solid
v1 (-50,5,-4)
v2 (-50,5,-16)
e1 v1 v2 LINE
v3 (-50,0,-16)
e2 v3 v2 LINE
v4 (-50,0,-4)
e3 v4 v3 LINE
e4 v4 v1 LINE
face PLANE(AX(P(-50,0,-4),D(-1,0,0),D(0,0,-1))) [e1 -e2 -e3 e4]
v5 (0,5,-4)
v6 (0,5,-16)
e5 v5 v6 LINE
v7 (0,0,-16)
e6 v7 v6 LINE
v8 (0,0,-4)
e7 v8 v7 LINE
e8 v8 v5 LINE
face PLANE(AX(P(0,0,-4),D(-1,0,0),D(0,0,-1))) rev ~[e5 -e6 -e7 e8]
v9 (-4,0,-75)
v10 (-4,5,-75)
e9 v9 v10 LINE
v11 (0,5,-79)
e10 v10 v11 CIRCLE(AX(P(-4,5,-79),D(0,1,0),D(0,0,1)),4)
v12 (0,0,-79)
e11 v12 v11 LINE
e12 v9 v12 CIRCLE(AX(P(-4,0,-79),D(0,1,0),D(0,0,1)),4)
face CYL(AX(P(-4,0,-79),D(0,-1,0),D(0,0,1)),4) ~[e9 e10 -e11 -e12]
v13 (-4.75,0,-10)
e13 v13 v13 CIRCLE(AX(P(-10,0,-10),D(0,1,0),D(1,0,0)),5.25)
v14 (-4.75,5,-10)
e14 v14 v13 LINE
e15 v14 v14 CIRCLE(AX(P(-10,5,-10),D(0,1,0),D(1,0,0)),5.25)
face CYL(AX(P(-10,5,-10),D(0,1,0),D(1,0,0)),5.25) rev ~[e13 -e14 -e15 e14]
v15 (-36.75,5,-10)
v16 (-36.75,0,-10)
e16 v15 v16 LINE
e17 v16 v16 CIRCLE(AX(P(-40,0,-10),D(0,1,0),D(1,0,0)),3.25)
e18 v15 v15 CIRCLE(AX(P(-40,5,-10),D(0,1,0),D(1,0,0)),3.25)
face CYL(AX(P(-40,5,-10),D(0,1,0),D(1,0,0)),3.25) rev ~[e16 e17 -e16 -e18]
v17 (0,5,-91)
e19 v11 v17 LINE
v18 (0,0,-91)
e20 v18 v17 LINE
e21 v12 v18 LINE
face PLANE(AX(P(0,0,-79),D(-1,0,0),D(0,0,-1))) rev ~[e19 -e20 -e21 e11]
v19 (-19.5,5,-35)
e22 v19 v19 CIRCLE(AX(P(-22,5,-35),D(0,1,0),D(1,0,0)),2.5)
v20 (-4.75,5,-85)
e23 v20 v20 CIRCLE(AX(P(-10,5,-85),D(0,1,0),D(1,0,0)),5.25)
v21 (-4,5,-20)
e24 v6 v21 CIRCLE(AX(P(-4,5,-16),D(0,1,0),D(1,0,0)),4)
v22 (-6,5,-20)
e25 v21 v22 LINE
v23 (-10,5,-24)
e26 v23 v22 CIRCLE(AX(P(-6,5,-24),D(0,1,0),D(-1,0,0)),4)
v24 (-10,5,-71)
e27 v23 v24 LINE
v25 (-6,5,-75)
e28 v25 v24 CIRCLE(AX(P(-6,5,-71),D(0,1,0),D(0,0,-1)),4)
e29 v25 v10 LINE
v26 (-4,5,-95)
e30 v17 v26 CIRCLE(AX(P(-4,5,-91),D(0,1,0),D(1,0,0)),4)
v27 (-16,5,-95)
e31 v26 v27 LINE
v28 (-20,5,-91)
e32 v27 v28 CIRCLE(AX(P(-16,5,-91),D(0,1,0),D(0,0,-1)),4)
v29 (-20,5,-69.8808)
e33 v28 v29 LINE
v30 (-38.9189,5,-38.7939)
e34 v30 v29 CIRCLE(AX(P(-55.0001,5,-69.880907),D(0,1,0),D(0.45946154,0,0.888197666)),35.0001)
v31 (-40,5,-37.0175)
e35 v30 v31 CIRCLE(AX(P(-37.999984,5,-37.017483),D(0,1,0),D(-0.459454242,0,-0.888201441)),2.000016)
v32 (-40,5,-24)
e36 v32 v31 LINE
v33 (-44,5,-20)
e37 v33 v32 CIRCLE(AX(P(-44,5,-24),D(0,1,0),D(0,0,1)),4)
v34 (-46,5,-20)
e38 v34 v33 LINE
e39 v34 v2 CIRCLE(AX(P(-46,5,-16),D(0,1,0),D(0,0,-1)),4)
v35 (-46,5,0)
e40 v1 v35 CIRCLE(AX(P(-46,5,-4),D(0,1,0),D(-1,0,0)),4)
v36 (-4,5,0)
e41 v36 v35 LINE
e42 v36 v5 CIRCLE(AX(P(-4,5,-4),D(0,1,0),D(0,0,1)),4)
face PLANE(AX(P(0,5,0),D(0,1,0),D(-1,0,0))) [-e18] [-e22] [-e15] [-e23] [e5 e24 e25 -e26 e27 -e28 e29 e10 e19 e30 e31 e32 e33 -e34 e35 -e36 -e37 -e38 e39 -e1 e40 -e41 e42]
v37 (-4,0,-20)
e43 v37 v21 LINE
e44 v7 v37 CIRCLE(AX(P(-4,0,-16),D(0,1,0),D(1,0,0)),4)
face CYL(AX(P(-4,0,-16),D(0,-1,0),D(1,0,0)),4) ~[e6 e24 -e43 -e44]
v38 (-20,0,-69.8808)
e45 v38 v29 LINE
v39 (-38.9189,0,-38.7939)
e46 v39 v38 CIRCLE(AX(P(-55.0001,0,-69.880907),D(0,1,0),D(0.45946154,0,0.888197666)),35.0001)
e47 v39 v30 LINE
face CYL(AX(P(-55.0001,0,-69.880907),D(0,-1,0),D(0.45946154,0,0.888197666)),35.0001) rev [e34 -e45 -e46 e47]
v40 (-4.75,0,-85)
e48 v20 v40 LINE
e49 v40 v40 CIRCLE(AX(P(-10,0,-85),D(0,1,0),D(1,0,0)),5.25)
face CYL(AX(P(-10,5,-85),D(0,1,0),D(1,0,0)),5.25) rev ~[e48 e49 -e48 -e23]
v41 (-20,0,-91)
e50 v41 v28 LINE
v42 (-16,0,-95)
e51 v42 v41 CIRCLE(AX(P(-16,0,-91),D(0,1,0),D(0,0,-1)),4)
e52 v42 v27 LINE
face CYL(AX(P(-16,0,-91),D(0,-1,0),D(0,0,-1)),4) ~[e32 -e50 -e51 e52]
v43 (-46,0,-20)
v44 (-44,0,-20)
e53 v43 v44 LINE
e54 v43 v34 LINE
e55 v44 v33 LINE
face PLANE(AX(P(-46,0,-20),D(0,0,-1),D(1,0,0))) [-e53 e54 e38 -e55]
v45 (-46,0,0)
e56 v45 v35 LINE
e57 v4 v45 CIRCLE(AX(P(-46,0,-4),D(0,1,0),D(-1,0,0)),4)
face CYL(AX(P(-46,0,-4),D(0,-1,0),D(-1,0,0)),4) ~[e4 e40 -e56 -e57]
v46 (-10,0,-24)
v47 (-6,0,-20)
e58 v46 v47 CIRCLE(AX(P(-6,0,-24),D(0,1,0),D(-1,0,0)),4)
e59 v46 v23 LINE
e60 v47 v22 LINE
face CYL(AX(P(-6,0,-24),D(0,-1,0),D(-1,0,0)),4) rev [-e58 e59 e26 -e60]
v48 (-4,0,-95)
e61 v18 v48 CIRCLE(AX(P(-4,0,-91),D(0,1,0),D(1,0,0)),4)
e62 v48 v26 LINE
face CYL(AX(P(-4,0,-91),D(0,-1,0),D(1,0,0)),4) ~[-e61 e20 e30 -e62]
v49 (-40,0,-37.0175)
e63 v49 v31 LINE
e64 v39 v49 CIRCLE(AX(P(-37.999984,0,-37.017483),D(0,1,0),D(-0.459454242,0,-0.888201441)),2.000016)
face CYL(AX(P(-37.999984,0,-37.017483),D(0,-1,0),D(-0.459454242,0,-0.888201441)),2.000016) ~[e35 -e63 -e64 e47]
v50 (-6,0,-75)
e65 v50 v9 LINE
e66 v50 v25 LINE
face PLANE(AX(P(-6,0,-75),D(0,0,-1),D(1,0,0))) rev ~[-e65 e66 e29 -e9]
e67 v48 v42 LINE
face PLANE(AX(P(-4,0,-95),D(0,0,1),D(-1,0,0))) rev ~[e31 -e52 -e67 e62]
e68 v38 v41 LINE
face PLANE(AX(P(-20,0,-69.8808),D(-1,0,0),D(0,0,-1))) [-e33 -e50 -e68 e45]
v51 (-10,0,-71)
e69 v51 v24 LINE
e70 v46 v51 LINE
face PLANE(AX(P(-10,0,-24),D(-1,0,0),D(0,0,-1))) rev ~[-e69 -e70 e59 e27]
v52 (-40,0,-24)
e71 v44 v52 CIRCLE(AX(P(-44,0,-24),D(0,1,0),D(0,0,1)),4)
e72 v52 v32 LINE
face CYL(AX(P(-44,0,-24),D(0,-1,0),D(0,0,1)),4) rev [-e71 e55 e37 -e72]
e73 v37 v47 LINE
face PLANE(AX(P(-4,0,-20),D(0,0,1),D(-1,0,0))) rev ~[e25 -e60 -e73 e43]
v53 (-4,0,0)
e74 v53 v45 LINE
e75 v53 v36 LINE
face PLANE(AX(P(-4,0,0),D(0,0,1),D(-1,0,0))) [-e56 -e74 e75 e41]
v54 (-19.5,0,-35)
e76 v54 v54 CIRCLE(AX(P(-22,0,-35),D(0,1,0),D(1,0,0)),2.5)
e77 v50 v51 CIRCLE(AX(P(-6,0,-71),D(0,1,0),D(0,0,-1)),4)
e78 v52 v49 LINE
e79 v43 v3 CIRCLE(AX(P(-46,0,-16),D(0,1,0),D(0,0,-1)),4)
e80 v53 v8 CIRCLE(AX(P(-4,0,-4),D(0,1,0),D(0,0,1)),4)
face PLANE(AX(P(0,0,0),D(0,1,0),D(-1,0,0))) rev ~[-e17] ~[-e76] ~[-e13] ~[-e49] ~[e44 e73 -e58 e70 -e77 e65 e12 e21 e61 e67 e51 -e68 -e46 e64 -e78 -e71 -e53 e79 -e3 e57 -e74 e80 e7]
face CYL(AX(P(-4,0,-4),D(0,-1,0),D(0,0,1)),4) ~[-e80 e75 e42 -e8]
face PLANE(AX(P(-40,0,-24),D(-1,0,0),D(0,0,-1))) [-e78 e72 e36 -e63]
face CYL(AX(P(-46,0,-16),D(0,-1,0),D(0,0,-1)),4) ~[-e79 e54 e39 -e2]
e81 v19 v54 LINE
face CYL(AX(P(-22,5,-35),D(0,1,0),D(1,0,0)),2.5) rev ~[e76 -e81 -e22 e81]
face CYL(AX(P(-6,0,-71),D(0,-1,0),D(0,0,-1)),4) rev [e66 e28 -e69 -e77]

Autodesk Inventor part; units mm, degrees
ref_plane "YZ Plane" through (0, 0, 0) normal (1, 0, 0) x (0, 1, 0)
ref_plane "XZ Plane" through (0, 0, 0) normal (0, 1, 0) x (-1, 0, 0)
ref_plane "XY Plane" through (0, 0, 0) normal (0, 0, 1) x (1, 0, 0)
sketch "Sketch1" plane through (0, 0, 0) normal (0, 1, 0) x (-1, 0, 0)
  line L0 (4, 0) -> (46, 0)
  line L1 (50, -4) -> (50, -16)
  line L2 (46, -20) -> (44, -20)
  line L3 (40, -24) -> (40, -37.0175)
  line L4 (4, -95) -> (16, -95)
  line L5 (20, -91) -> (20, -75)
  arc A0 (50, -4) -> (46, 0) centre (46, -4) ccw
  arc A1 (46, -20) -> (50, -16) centre (46, -16) ccw
  arc A2 (16, -95) -> (20, -91) centre (16, -91) ccw
  arc A3 (0, -91) -> (4, -95) centre (4, -91) ccw
  arc A4 (4, 0) -> (0, -4) centre (4, -4) ccw
  arc A5 (44, -20) -> (40, -24) centre (44, -24) ccw
  line L6 (4, -20) -> (6, -20)
  line L7 (10, -24) -> (10, -71)
  line L8 (6, -75) -> (4, -75)
  line L9 (0, -4) -> (0, -16)
  line L10 (0, -79) -> (0, -91)
  arc A6 (0, -16) -> (4, -20) centre (4, -16) ccw
  arc A7 (10, -24) -> (6, -20) centre (6, -24) ccw
  arc A8 (6, -75) -> (10, -71) centre (6, -71) ccw
  arc A9 (4, -75) -> (0, -79) centre (4, -79) ccw
  line L11 (20, -69.8808) -> (20, -75)
  arc A10 (38.9189, -38.7939) -> (20, -69.8808) centre (55, -69.8808) ccw
  arc A11 (38.9189, -38.7939) -> (40, -37.0175) centre (38, -37.0175) ccw
  point P0 (0, 0)
  point P1 (0, -95)
  point P2 (50, 0)
  point P3 (50, -20)
  point P4 (40, -20)
  point P5 (20, -95)
  point P6 (40, -38.258)
  point P7 (0, -20)
  point P8 (10, -20)
  point P9 (10, -75)
  point P10 (0, -75)
  dimension "d0" = 95
  dimension "d1" = 50
  dimension "d2" = 20
  dimension "d3" = 10
  dimension "d5" = 20
  dimension "d6" = 20
  dimension "d8" = 4
  dimension "d10" = 10
  dimension "d11" = 55
  dimension "d12" = 10
  dimension "d13" = 4
  dimension "d30" = 35
  dimension "d31" = 2
extrude "Extrusion1" add sketch "Sketch1" along normal blind 5
sketch "Sketch2" plane through (0, 5, 0) normal (0, 1, 0) x (1, 0, 0)
  circle A0 centre (-40, 10) radius 3.25
  line L0 (-50, 16) -> (-50, 4) projected
  line L1 (-46, 0) -> (-4, 0) projected
  circle A1 centre (-22, 35) radius 2.5
  line L2 (-10, 24) -> (-10, 71) projected
  circle A2 centre (-10, 10) radius 5.25
  line L3 (0, 4) -> (0, 16) projected
  circle A3 centre (-10, 85) radius 5.25
  line L4 (-4, 95) -> (-16, 95) projected
  line L5 (0, 79) -> (0, 91) projected
  point P0 (0, 0)
  dimension "d16" = 6.5
  dimension "d17" = 10
  dimension "d18" = 10
  dimension "d19" = 5
  dimension "d20" = 35
  dimension "d21" = 12
  dimension "d22" = 10.5
  dimension "d23" = 10
  dimension "d24" = 10
  dimension "d25" = 10.5
  dimension "d26" = 10
  dimension "d27" = 10
extrude "Extrusion2" cut sketch "Sketch2" against normal through all
properties part number "Side" material "Steel, High Strength, Low Alloy"
